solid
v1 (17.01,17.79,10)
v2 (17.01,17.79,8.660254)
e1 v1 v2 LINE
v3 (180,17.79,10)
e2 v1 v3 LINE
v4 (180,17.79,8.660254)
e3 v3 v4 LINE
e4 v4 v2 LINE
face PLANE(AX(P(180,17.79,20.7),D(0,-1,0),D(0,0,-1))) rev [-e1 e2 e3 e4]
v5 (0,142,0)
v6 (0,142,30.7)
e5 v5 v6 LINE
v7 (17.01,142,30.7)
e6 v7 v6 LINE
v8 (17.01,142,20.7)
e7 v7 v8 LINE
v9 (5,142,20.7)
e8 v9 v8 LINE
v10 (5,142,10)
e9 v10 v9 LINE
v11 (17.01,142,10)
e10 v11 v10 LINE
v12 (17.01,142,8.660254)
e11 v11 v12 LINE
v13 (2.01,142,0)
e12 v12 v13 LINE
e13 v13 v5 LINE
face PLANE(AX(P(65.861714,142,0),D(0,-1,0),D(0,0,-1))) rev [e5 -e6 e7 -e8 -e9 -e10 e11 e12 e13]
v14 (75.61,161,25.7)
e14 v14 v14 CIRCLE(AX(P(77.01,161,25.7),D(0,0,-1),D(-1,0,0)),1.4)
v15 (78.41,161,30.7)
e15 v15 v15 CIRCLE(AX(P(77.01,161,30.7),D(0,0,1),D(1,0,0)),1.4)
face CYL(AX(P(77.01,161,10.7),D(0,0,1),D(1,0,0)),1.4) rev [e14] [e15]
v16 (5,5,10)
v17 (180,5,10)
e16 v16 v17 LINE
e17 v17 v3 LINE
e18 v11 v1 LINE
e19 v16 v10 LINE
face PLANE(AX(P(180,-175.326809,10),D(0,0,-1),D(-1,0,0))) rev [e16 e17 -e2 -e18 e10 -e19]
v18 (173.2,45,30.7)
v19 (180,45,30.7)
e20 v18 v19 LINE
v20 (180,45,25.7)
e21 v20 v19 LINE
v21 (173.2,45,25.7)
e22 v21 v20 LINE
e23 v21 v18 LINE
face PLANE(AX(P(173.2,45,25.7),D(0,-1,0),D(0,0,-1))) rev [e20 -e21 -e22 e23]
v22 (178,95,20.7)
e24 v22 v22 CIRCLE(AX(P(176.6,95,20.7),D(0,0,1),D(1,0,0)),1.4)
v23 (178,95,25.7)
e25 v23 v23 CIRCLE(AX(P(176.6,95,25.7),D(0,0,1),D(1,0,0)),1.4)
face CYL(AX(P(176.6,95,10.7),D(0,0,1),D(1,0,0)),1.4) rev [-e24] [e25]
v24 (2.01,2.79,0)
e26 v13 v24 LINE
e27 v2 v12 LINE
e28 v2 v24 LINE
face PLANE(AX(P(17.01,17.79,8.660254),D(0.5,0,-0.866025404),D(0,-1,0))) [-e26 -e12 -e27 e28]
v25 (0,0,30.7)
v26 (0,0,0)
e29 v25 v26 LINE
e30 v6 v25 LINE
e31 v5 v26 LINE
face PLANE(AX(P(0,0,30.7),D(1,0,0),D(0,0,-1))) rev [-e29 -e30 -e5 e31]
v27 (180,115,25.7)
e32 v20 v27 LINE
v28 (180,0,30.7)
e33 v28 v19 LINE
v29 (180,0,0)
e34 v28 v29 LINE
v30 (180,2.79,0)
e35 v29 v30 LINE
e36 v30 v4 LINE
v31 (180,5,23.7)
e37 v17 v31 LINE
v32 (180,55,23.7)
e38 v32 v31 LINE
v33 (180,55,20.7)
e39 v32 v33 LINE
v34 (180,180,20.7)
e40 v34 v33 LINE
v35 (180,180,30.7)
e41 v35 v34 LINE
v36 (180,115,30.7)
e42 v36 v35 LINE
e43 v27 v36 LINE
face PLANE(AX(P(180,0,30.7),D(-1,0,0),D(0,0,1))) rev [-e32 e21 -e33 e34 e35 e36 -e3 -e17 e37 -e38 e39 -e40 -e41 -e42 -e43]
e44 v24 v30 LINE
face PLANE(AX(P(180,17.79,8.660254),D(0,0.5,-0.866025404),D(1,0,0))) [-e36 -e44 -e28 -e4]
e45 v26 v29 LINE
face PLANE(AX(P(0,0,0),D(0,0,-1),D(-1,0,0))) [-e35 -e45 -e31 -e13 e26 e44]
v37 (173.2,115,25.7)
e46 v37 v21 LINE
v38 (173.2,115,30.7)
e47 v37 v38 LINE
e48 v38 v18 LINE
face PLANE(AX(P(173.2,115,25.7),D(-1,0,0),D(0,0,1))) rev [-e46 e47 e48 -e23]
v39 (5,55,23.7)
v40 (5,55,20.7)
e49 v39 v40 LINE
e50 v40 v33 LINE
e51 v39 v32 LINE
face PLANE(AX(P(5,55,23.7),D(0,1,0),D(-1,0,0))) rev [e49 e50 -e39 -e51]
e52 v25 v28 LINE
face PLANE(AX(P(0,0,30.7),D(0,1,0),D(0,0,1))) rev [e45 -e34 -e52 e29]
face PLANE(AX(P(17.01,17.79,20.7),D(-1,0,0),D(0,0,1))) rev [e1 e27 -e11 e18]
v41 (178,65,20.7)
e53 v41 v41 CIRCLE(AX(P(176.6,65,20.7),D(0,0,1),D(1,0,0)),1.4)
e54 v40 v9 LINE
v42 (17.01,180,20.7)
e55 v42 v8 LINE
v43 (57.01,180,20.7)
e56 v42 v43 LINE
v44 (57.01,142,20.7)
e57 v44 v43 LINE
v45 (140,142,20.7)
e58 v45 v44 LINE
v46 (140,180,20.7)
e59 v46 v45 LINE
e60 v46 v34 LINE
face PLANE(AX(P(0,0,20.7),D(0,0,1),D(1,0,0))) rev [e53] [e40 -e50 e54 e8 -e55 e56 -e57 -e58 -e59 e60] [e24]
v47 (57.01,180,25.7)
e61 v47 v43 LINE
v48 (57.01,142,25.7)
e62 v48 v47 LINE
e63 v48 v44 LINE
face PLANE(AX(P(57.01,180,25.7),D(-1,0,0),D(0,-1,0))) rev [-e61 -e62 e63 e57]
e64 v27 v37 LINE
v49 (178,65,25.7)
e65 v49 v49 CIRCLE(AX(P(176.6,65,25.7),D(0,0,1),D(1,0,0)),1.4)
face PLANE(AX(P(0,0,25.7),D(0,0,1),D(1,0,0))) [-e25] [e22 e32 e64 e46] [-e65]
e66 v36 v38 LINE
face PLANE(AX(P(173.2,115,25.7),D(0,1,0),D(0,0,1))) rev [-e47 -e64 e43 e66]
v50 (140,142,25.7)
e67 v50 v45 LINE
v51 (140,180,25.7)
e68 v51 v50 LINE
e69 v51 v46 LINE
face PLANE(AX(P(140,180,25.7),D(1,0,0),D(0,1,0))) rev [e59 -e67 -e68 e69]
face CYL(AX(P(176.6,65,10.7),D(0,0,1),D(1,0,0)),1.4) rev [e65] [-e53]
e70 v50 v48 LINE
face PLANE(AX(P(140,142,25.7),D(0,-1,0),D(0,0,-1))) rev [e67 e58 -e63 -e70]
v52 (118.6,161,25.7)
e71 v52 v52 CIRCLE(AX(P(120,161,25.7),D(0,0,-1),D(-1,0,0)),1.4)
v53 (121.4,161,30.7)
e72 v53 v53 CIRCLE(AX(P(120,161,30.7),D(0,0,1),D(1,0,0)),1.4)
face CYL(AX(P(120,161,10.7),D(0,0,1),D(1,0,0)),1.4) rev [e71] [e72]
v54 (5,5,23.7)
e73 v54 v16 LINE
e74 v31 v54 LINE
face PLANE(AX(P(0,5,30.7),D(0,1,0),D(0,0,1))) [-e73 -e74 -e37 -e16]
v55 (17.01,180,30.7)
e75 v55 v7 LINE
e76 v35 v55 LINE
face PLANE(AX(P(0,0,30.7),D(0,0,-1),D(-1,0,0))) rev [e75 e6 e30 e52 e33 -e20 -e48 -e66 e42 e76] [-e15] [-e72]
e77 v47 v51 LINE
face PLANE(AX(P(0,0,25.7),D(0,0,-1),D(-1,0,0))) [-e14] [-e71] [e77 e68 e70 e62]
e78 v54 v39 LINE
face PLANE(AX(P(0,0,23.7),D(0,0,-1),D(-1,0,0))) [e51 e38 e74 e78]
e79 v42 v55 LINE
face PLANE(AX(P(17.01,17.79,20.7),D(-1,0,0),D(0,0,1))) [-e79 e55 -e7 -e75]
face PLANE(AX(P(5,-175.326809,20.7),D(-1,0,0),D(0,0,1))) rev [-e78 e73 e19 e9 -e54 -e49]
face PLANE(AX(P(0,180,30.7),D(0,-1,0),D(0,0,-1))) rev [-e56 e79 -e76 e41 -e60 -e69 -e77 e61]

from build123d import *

# Parameters (mm, degrees)
CROQUIS1_W              = 180
CROQUIS1_H              = 180
SALIENTE_EXTRUIR1_DEPTH = 30.7
CROQUIS2_W              = 162.99
CROQUIS2_H              = 162.21
CORTAR_EXTRUIR1_DEPTH   = 20.7
CROQUIS4_W              = 175
CROQUIS4_H              = 10.7
CORTAR_EXTRUIR2_DEPTH   = 175
CORTAR_EXTRUIR3_REACH   = 258.403
CROQUIS5_W              = 30.7
CROQUIS5_H              = 38
CROQUIS6_W              = 82.99
CROQUIS6_H              = 38
CORTAR_EXTRUIR4_DEPTH   = 5
CROQUIS7_W              = 6.8
CROQUIS7_H              = 70
CORTAR_EXTRUIR5_DEPTH   = 5
CROQUIS8_W              = 175
CROQUIS8_H              = 50
CORTAR_EXTRUIR6_DEPTH   = 3
CHAFL_N1_SIZE           = 15
CHAFL_N1_SIZE2          = 8.660254038
CROQUIS9_R              = 1.4
CORTAR_EXTRUIR7_DEPTH   = 20


with BuildPart() as part:
    # Croquis1 → Saliente-Extruir1 (new body)
    with BuildSketch(Plane.XY):
        with Locations((90, 90)):
            Rectangle(CROQUIS1_W, CROQUIS1_H)
    extrude(amount=SALIENTE_EXTRUIR1_DEPTH)

    # Croquis2 → Cortar-Extruir1 (cut)
    with BuildSketch(Plane(origin=(0, 0, 0), x_dir=(-1, 0, 0), z_dir=(0, 0, -1))):
        with Locations((-98.505, 98.895)):
            Rectangle(CROQUIS2_W, CROQUIS2_H)
    extrude(amount=-CORTAR_EXTRUIR1_DEPTH, mode=Mode.SUBTRACT)

    # Croquis4 → Cortar-Extruir2 (cut)
    with BuildSketch(Plane(origin=(0, 180, 0), x_dir=(1, 0, 0), z_dir=(0, 1, 0))):
        with Locations((92.5, -15.35)):
            Rectangle(CROQUIS4_W, CROQUIS4_H)
    extrude(amount=-CORTAR_EXTRUIR2_DEPTH, mode=Mode.SUBTRACT)

    # Cortar-Extruir3: up to this face of the body (flat: up to its plane)
    cortar_extruir3_end = Plane(part.part.faces().sort_by_distance((17.01, 98.895, 5))[0])
    # Croquis5 → Cortar-Extruir3 (cut, up to the picked face)
    with BuildSketch(Plane.ZY, mode=Mode.PRIVATE) as cortar_extruir3_sk1:
        with Locations((15.35, 161)):
            Rectangle(CROQUIS5_W, CROQUIS5_H)
    cortar_extruir3_tool1 = split(extrude(cortar_extruir3_sk1.sketch, amount=-CORTAR_EXTRUIR3_REACH, mode=Mode.PRIVATE), bisect_by=cortar_extruir3_end, keep=Keep.BOTH, mode=Mode.PRIVATE)
    add(cortar_extruir3_tool1.solids().sort_by(Axis((0, 161, 15.35), (1, 0, 0)))[0], mode=Mode.SUBTRACT)

    # Croquis6 → Cortar-Extruir4 (cut)
    with BuildSketch(Plane(origin=(0, 0, 20.7), x_dir=(-1, 0, 0), z_dir=(0, 0, -1))):
        with Locations((-98.505, 161)):
            Rectangle(CROQUIS6_W, CROQUIS6_H)
    extrude(amount=-CORTAR_EXTRUIR4_DEPTH, mode=Mode.SUBTRACT)

    # Croquis7 → Cortar-Extruir5 (cut)
    with BuildSketch(Plane.XY.offset(30.7)):
        with Locations((176.6, 80)):
            Rectangle(CROQUIS7_W, CROQUIS7_H)
    extrude(amount=-CORTAR_EXTRUIR5_DEPTH, mode=Mode.SUBTRACT)

    # Croquis8 → Cortar-Extruir6 (cut)
    with BuildSketch(Plane(origin=(0, 0, 20.7), x_dir=(-1, 0, 0), z_dir=(0, 0, -1))):
        with Locations((-92.5, 30)):
            Rectangle(CROQUIS8_W, CROQUIS8_H)
    extrude(amount=-CORTAR_EXTRUIR6_DEPTH, mode=Mode.SUBTRACT)

    # Chaflán1
    chafl_n1_edges = [part.edges().sort_by_distance(p)[0] for p in [
        (98.505, 17.79, 0),
        (17.01, 79.895, 0),
    ]]
    chafl_n1_side = [part.faces().sort_by_distance(p)[0] for p in [
        (8.505, 139.707315983, 0),
    ]]
    chamfer(chafl_n1_edges, length=CHAFL_N1_SIZE, length2=CHAFL_N1_SIZE2, reference=chafl_n1_side[0])

    # Croquis9 → Cortar-Extruir7 (cut)
    with BuildSketch(Plane.XY.offset(30.7)):
        with Locations((176.6, 65)):
            Circle(CROQUIS9_R)
        with Locations((176.6, 95)):
            Circle(CROQUIS9_R)
        with Locations((120, 161)):
            Circle(CROQUIS9_R)
        with Locations((77.01, 161)):
            Circle(CROQUIS9_R)
    extrude(amount=-CORTAR_EXTRUIR7_DEPTH, mode=Mode.SUBTRACT)


solid = part.part
